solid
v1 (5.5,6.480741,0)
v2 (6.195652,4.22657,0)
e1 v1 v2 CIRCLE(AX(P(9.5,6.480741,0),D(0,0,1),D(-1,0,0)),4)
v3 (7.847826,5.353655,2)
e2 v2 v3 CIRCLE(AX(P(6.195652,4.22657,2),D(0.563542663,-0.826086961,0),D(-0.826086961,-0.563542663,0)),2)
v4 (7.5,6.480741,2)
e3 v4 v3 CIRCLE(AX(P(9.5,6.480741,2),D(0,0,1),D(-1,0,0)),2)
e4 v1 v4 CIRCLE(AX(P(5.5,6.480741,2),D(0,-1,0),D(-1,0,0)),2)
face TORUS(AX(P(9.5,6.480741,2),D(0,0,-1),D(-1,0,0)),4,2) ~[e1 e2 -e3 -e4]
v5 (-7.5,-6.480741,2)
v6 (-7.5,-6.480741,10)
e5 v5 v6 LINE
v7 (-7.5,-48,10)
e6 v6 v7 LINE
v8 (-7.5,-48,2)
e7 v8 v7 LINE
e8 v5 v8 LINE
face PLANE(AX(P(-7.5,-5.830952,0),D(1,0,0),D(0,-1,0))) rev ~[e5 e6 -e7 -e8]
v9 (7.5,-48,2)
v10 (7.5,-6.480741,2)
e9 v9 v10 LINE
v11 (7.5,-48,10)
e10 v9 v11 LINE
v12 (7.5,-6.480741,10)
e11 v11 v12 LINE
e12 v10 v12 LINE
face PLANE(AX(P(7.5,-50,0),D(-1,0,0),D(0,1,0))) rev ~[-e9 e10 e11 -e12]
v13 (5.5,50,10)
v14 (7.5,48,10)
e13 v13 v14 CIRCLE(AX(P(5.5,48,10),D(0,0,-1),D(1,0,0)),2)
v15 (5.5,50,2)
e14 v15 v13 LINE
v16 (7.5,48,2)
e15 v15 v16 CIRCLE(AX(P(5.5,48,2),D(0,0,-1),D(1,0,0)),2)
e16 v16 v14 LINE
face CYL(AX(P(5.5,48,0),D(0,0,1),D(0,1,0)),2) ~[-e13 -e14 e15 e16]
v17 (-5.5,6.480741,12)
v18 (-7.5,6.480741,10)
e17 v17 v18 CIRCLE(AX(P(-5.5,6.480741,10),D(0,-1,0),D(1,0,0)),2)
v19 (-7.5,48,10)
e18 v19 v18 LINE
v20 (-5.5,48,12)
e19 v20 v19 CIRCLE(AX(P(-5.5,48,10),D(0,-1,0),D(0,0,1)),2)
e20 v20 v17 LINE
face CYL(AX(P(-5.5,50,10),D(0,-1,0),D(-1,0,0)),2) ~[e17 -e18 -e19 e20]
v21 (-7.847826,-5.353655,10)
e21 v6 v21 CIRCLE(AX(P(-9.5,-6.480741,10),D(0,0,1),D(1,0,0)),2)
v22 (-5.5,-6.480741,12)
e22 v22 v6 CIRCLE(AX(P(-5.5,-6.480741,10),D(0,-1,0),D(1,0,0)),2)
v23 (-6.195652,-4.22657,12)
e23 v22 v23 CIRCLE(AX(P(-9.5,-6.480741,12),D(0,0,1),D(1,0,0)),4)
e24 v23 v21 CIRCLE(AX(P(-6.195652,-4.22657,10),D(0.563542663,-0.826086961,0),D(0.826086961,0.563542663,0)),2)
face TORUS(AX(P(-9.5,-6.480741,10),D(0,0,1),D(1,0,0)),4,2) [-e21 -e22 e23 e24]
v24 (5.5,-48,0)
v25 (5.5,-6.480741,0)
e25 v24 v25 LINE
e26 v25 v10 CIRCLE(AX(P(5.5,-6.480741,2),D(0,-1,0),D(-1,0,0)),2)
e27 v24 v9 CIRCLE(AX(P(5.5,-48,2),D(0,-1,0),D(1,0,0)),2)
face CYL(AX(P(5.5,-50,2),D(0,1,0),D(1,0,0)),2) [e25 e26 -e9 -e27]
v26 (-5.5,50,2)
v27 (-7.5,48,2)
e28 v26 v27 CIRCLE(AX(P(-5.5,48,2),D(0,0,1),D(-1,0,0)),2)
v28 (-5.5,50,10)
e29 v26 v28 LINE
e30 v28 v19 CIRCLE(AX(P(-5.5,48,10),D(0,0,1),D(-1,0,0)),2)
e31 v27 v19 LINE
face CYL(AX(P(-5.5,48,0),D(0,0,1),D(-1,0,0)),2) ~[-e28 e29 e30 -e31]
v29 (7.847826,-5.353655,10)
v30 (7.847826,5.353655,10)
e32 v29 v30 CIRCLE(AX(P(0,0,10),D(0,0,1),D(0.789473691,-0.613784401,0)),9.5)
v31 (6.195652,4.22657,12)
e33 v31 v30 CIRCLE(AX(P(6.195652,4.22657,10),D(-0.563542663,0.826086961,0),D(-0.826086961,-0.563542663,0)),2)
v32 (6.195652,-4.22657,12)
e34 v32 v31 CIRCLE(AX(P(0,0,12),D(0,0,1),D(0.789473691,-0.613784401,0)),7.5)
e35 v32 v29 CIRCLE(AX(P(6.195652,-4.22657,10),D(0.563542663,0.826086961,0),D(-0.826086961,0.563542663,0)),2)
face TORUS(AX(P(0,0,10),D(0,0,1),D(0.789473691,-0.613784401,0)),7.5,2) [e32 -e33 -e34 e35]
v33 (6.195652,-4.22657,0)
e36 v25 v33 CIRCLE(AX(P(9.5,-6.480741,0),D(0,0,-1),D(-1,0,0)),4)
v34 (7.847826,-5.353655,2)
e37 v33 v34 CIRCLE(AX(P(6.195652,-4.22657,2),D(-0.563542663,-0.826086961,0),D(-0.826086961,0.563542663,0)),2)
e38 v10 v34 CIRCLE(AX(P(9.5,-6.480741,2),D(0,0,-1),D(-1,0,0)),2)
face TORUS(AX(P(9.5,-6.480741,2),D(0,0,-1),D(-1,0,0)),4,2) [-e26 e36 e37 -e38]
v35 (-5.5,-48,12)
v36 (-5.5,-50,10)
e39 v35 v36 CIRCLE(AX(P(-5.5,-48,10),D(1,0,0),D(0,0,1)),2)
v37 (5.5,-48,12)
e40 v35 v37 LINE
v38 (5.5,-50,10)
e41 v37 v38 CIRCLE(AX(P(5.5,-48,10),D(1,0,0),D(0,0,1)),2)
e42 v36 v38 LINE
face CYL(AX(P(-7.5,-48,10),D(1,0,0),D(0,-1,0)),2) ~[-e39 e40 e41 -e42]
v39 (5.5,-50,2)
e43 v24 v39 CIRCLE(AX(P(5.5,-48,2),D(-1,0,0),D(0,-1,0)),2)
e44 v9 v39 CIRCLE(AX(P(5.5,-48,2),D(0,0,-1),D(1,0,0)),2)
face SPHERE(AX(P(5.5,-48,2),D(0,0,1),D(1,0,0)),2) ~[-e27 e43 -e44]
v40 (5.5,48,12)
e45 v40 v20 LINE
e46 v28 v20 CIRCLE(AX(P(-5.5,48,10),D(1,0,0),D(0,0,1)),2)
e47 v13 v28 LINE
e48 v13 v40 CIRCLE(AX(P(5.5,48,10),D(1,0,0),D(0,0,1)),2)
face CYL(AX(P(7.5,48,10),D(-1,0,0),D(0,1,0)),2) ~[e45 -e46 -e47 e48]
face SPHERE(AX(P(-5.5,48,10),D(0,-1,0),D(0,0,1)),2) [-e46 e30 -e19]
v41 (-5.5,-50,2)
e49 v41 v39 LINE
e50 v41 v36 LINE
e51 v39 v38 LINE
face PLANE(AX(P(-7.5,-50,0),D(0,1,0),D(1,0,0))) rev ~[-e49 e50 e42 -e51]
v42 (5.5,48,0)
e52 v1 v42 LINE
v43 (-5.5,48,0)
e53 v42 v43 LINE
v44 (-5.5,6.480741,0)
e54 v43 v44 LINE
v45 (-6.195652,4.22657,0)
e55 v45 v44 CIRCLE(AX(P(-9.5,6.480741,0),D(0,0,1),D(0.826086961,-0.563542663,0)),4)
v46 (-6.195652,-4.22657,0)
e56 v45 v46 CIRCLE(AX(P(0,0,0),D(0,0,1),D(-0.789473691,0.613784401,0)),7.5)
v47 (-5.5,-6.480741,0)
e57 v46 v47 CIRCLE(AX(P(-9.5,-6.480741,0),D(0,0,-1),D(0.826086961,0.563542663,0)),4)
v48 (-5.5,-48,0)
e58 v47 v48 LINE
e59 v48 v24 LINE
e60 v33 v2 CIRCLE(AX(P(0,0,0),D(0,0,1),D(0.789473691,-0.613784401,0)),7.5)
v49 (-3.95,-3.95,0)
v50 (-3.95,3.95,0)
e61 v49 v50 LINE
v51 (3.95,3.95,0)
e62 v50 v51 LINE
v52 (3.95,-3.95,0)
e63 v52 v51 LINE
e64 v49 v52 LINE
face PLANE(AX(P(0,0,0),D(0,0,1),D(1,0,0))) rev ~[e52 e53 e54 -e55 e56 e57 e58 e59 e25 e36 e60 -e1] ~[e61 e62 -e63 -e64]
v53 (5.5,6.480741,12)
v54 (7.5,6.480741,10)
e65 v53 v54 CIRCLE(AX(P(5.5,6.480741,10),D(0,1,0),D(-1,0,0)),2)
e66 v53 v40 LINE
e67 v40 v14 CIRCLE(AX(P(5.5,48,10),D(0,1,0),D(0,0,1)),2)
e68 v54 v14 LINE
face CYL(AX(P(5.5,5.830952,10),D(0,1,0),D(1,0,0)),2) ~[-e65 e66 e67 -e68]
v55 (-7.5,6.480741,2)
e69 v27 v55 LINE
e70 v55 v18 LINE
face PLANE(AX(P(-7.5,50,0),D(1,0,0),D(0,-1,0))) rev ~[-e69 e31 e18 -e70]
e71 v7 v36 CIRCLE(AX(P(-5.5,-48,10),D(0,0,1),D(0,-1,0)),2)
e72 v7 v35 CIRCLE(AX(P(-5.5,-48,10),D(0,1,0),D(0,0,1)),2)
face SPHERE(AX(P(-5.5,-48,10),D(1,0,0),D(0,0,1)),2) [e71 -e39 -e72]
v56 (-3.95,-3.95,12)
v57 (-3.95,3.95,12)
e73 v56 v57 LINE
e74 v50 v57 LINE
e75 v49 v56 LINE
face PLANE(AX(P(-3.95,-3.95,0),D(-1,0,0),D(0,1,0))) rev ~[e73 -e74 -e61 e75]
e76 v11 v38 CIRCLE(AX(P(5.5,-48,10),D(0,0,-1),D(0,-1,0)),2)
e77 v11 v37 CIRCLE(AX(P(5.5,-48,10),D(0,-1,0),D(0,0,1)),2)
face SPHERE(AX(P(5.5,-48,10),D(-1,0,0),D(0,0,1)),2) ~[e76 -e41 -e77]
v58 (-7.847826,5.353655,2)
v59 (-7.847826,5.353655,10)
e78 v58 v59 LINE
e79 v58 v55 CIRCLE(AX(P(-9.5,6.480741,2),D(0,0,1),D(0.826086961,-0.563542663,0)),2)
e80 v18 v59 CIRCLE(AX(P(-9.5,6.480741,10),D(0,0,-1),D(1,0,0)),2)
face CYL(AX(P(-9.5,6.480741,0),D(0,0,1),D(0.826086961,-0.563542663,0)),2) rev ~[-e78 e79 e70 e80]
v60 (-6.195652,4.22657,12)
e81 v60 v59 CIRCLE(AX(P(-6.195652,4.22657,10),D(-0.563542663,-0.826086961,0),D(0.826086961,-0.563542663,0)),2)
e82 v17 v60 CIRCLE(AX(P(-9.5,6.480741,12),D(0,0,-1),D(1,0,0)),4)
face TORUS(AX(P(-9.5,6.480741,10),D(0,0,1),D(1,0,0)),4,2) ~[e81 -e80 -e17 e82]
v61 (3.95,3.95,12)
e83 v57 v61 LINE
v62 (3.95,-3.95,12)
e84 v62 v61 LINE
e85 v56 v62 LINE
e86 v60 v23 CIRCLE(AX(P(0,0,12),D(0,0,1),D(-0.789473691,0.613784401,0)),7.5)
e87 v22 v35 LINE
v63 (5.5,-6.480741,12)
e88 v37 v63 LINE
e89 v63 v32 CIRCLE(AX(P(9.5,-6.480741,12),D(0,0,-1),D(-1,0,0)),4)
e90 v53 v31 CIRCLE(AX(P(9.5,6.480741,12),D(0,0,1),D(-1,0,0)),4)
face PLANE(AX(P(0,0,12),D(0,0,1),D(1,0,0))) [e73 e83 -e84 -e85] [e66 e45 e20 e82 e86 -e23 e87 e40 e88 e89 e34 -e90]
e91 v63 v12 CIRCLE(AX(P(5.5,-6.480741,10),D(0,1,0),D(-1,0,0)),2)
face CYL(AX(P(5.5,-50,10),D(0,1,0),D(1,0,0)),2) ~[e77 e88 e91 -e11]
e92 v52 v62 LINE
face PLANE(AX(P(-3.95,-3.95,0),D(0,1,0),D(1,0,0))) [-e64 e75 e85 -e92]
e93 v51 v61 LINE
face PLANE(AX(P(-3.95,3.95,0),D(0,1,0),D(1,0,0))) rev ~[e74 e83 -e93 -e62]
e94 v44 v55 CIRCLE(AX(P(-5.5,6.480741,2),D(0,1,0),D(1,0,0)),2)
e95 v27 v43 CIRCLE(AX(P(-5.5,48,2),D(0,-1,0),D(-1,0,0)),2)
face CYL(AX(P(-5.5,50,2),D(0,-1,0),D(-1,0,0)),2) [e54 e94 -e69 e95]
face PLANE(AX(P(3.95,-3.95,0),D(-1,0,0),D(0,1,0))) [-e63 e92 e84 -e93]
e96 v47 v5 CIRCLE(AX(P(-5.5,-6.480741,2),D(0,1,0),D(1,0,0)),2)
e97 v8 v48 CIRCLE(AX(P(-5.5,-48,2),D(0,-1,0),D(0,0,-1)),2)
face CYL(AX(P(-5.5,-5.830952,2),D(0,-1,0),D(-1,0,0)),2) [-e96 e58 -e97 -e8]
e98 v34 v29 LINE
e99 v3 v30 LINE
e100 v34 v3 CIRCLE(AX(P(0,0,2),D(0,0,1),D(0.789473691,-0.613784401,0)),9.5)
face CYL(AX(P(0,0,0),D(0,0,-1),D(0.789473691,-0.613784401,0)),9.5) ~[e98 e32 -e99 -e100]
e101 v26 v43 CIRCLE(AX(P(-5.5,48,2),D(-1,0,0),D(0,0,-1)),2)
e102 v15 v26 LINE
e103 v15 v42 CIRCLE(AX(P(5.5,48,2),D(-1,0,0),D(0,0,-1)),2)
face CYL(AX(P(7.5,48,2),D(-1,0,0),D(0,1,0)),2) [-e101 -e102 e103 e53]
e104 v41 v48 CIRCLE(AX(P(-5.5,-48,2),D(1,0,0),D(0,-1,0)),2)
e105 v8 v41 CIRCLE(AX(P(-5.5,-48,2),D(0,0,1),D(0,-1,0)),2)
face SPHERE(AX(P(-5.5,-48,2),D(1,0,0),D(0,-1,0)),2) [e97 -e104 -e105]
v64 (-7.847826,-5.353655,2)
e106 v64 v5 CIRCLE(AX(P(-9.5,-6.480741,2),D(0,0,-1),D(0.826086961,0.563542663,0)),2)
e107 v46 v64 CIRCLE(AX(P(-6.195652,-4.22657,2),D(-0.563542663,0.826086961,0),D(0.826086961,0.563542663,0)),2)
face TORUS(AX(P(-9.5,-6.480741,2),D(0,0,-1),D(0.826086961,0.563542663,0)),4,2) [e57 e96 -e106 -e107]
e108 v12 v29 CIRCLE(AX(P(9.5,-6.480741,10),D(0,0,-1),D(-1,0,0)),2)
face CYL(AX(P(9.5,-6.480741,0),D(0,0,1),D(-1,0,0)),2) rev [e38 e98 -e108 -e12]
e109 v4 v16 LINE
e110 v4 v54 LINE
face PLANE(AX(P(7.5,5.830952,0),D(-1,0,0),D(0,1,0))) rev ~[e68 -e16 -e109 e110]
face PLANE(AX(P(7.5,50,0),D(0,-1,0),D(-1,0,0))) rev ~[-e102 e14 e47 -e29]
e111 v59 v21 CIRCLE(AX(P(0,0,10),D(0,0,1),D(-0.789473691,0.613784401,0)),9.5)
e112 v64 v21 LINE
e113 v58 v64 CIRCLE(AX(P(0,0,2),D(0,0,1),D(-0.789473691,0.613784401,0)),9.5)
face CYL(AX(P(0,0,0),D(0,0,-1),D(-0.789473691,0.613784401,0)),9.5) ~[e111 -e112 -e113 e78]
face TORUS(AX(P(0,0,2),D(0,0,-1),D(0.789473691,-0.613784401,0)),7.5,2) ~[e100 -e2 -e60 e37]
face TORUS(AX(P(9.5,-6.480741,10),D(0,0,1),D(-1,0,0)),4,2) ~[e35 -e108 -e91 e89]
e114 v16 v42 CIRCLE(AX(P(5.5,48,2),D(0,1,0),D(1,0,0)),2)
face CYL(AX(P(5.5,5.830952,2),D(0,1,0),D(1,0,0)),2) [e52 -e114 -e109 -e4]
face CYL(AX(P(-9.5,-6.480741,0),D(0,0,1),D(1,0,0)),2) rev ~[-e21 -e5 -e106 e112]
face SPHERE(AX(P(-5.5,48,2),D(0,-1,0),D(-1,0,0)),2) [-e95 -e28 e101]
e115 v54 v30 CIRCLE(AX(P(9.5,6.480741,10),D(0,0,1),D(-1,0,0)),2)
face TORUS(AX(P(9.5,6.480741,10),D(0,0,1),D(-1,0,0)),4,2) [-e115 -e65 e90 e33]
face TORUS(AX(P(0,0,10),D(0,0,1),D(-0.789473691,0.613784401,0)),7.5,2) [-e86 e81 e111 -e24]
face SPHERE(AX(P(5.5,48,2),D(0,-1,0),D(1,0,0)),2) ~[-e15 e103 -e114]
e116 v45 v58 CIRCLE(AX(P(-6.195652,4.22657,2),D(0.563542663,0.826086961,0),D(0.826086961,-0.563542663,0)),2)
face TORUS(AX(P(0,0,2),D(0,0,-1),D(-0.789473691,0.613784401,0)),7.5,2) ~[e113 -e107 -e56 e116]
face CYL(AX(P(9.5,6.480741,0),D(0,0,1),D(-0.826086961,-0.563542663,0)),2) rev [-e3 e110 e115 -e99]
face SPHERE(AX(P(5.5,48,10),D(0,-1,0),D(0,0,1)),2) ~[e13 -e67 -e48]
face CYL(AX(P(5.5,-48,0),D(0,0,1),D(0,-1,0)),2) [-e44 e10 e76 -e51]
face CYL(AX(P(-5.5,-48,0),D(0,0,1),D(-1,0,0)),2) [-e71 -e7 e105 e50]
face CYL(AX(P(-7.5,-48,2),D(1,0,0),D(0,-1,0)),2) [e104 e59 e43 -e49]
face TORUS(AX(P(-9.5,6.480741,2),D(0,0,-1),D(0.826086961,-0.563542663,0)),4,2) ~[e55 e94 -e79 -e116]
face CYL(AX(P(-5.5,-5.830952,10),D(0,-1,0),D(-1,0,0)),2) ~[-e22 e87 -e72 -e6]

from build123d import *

# Parameters (mm, degrees)
F0_W     = 7.9
F0_H     = 7.9
F1_DEPTH = 12
F2_R     = 2


with BuildPart() as f1:
    # F0 (on Top) → F1 (new body)
    with BuildSketch(Plane.XY):
        with BuildLine():
            Line((-7.5, -5.830952), (-7.5, -50))
            Line((-7.5, -50), (7.5, -50))
            Line((7.5, -50), (7.5, -5.830952))
            ThreePointArc((7.5, -5.830952), (9.5, 0), (7.5, 5.830952))
            Line((7.5, 5.830952), (7.5, 50))
            Line((7.5, 50), (-7.5, 50))
            Line((-7.5, 50), (-7.5, 5.830952))
            ThreePointArc((-7.5, 5.830952), (-9.5, 0), (-7.5, -5.830952))
        make_face()
        Rectangle(F0_W, F0_H, mode=Mode.SUBTRACT)
    extrude(amount=F1_DEPTH)

    # F2
    f2_edges = [f1.edges().sort_by_distance(p)[0] for p in [
        (0, -50, 12),
        (7.5, -27.915476, 12),
        (-7.5, -27.915476, 12),
        (7.5, 27.915476, 12),
        (-7.5, 27.915476, 12),
        (9.5, 0, 12),
        (-9.5, 0, 12),
        (0, 50, 12),
        (7.5, -50, 6),
        (7.5, -27.915476, 0),
        (0, -50, 0),
        (-7.5, -50, 6),
        (-9.5, 0, 0),
        (-7.5, -27.915476, 0),
        (-7.5, 27.915476, 0),
        (7.5, 27.915476, 0),
        (9.5, 0, 0),
        (7.5, 50, 6),
        (-7.5, 50, 6),
        (0, 50, 0),
        (7.5, 5.830952, 6),
        (7.5, -5.830952, 6),
        (-7.5, -5.830952, 6),
        (-7.5, 5.830952, 6),
    ]]
    fillet(f2_edges, radius=F2_R)


solid = f1.part
